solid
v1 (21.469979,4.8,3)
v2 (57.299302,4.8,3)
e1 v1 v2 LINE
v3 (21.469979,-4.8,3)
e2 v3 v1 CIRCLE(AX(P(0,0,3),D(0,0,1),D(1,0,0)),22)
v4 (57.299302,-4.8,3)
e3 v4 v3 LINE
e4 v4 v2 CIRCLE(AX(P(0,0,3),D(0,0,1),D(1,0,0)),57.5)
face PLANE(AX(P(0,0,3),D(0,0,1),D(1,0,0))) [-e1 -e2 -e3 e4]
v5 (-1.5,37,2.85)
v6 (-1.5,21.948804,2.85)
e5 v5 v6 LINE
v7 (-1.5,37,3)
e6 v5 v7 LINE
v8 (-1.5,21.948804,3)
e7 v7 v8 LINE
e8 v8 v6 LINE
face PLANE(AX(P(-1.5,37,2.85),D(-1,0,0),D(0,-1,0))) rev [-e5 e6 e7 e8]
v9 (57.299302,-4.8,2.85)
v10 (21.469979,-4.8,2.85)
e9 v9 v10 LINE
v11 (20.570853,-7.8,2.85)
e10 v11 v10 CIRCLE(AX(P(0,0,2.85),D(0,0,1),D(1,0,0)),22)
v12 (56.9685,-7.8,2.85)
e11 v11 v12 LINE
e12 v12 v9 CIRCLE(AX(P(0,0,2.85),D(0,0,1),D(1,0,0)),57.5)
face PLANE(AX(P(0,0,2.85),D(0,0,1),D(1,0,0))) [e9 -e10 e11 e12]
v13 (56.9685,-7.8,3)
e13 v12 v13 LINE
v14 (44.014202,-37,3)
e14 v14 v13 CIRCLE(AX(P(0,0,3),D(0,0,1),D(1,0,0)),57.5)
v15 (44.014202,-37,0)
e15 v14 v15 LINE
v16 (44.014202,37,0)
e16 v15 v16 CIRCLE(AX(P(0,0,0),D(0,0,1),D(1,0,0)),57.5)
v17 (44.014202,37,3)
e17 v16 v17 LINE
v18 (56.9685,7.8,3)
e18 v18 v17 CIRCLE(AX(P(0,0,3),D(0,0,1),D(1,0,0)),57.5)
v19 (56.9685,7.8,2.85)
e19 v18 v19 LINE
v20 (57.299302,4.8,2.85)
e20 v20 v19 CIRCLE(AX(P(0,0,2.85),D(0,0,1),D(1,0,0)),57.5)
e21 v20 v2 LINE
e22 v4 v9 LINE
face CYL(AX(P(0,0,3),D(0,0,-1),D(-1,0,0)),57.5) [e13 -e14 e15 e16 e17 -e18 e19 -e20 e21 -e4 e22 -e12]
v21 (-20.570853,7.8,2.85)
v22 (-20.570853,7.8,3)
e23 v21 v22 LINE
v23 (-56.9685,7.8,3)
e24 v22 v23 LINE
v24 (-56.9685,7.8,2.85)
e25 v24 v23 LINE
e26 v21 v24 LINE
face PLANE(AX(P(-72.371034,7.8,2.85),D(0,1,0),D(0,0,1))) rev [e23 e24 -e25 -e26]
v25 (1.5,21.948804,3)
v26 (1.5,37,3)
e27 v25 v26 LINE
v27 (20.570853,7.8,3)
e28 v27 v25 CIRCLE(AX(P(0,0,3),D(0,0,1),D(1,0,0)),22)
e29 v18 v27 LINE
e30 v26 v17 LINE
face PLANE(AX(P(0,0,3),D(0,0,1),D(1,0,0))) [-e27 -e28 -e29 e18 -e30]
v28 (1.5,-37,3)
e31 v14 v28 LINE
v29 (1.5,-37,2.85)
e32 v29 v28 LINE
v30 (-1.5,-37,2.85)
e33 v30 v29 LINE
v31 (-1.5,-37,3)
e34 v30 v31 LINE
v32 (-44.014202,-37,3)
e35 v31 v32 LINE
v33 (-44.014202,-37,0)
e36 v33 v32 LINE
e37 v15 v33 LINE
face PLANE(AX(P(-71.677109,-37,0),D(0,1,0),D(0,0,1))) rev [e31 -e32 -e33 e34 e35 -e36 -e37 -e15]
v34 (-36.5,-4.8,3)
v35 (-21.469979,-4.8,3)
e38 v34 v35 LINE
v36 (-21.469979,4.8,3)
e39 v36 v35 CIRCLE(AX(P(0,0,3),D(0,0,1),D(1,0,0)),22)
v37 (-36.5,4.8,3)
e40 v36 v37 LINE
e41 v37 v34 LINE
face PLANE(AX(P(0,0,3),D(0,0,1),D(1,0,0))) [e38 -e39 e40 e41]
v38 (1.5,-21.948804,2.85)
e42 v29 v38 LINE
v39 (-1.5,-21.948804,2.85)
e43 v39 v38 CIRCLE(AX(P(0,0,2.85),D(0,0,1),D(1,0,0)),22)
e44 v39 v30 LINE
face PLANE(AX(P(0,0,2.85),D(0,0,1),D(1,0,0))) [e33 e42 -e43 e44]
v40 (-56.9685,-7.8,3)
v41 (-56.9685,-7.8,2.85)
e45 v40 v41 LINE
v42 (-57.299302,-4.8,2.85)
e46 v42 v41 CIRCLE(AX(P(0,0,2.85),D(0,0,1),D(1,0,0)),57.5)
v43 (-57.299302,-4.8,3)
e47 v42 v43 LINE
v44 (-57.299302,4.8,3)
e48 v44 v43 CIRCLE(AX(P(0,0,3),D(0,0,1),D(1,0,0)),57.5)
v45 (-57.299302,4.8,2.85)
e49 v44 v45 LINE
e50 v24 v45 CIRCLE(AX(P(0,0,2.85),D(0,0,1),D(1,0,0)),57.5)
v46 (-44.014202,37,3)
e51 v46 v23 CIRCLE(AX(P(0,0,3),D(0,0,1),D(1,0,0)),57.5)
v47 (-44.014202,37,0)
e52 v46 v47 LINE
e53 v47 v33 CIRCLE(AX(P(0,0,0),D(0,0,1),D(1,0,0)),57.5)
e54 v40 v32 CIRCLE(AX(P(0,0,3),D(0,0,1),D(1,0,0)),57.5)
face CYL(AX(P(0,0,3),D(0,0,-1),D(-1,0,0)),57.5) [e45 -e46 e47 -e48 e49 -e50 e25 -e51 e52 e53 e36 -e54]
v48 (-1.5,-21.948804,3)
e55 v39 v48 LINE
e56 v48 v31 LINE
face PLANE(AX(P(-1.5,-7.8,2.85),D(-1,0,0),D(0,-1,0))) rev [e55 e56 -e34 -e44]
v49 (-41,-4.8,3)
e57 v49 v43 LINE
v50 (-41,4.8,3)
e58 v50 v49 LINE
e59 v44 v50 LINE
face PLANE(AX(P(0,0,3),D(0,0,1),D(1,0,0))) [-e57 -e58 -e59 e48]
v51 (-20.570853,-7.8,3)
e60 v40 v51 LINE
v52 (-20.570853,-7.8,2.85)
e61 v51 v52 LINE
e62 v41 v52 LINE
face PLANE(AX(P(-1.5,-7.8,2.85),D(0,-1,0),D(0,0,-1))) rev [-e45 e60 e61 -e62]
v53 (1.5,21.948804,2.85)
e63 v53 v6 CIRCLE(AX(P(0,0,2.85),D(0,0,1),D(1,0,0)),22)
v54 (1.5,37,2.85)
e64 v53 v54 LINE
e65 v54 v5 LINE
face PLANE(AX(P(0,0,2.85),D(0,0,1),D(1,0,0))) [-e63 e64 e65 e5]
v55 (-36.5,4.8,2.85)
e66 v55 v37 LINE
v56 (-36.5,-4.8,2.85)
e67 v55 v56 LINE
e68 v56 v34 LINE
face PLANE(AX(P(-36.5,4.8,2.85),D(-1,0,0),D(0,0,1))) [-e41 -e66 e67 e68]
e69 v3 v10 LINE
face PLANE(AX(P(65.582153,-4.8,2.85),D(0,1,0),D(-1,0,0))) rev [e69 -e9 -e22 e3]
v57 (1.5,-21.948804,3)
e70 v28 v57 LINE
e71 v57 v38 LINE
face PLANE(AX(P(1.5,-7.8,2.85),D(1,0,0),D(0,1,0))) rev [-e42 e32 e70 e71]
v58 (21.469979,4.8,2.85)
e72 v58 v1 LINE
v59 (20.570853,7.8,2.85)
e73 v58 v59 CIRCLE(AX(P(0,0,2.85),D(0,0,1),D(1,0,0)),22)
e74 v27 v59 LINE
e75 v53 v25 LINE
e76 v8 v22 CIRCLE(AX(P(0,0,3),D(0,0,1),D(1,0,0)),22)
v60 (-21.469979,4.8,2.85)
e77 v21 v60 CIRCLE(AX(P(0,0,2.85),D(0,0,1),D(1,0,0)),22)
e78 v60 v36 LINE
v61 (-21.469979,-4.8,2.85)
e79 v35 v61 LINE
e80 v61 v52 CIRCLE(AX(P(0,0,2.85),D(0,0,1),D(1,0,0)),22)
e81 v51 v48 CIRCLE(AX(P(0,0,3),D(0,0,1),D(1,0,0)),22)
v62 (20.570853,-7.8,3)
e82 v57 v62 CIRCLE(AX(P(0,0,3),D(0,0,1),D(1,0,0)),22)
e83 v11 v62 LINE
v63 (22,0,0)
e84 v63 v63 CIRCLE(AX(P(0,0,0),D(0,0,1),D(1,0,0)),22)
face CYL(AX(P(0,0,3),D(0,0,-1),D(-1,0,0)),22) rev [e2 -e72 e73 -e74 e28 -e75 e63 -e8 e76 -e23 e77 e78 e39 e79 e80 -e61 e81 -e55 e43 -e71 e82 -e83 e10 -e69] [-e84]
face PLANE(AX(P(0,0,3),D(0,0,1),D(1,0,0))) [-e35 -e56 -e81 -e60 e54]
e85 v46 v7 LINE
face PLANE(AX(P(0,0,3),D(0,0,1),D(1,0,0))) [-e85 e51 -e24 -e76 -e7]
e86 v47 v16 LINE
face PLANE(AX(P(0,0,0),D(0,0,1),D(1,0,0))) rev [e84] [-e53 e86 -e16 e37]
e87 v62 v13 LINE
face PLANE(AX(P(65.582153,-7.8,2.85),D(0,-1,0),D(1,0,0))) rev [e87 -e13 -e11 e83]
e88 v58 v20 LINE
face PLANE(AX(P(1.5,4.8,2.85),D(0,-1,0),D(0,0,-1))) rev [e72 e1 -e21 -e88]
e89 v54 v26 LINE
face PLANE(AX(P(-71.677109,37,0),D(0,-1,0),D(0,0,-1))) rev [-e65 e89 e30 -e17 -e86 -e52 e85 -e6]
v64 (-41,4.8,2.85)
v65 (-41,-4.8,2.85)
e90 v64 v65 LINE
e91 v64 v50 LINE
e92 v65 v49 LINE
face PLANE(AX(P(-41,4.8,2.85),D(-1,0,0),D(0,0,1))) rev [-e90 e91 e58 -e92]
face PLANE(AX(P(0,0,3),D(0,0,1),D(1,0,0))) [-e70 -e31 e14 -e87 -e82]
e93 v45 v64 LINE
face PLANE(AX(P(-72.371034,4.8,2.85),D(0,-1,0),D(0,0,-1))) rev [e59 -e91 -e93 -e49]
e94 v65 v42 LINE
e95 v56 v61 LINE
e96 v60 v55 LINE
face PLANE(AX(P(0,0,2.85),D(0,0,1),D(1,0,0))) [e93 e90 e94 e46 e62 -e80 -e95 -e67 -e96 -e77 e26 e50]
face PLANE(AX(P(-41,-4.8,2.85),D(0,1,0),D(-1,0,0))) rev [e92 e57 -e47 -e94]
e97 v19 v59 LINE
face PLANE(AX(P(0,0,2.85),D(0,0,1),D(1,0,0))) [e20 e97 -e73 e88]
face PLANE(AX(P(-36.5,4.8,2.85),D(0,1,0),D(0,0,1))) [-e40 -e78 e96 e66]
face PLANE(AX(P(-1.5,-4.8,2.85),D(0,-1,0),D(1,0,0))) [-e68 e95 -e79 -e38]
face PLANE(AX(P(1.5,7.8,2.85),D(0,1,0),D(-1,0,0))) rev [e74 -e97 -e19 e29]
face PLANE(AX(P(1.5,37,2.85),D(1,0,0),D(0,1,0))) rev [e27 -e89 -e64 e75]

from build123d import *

# Parameters (mm, degrees)
SKETCH_1_R          = 57.5
SKETCH_1_R_2        = 22
EXTRUDE_1_DEPTH     = 3
SKETCH_2_W          = 140.517246729
SKETCH_2_H          = 54.837850232
SKETCH_2_H_2        = 57.45712313
CUT_EXTRUDE_1_DEPTH = 82.372599811
SKETCH_3_W          = 35
SKETCH_3_H          = 9.6
CUT_EXTRUDE_2_DEPTH = 0.15


with BuildPart() as part:
    # Эскиз1 → Бобышка-Вытянуть1 (new body)
    with BuildSketch(Plane.XY):
        Circle(SKETCH_1_R)
        Circle(SKETCH_1_R_2, mode=Mode.SUBTRACT)
    extrude(amount=EXTRUDE_1_DEPTH)

    # Эскиз2 → Вырез-Вытянуть1 (cut, through all)
    with BuildSketch(Plane.XY.offset(3)):
        with Locations((-1.418485275, 64.418925116)):
            Rectangle(SKETCH_2_W, SKETCH_2_H)
        with Locations((-1.418485275, -65.728561565)):
            Rectangle(SKETCH_2_W, SKETCH_2_H_2)
    extrude(amount=-CUT_EXTRUDE_1_DEPTH, mode=Mode.SUBTRACT)

    # Эскиз3 → Вырез-Вытянуть2 (cut)
    with BuildSketch(Plane.XY.offset(3)):
        Polygon((-1.5, 37), (1.5, 37), (1.5, 7.8), (63.743793757, 7.8), (63.743793757, 4.8), (1.5, 4.8), (1.5, -4.8), (65.582153435, -4.8), (65.582153435, -7.8), (1.5, -7.8), (1.5, -37), (-1.5, -37), (-1.5, -7.8), (-73.634100968, -7.8), (-73.634100968, -4.8), (-41, -4.8), (-41, 4.8), (-72.371033765, 4.8), (-72.371033765, 7.8), (-1.5, 7.8), align=None)
        with Locations((-19, 0)):
            Rectangle(SKETCH_3_W, SKETCH_3_H, mode=Mode.SUBTRACT)
    extrude(amount=-CUT_EXTRUDE_2_DEPTH, mode=Mode.SUBTRACT)


solid = part.part
